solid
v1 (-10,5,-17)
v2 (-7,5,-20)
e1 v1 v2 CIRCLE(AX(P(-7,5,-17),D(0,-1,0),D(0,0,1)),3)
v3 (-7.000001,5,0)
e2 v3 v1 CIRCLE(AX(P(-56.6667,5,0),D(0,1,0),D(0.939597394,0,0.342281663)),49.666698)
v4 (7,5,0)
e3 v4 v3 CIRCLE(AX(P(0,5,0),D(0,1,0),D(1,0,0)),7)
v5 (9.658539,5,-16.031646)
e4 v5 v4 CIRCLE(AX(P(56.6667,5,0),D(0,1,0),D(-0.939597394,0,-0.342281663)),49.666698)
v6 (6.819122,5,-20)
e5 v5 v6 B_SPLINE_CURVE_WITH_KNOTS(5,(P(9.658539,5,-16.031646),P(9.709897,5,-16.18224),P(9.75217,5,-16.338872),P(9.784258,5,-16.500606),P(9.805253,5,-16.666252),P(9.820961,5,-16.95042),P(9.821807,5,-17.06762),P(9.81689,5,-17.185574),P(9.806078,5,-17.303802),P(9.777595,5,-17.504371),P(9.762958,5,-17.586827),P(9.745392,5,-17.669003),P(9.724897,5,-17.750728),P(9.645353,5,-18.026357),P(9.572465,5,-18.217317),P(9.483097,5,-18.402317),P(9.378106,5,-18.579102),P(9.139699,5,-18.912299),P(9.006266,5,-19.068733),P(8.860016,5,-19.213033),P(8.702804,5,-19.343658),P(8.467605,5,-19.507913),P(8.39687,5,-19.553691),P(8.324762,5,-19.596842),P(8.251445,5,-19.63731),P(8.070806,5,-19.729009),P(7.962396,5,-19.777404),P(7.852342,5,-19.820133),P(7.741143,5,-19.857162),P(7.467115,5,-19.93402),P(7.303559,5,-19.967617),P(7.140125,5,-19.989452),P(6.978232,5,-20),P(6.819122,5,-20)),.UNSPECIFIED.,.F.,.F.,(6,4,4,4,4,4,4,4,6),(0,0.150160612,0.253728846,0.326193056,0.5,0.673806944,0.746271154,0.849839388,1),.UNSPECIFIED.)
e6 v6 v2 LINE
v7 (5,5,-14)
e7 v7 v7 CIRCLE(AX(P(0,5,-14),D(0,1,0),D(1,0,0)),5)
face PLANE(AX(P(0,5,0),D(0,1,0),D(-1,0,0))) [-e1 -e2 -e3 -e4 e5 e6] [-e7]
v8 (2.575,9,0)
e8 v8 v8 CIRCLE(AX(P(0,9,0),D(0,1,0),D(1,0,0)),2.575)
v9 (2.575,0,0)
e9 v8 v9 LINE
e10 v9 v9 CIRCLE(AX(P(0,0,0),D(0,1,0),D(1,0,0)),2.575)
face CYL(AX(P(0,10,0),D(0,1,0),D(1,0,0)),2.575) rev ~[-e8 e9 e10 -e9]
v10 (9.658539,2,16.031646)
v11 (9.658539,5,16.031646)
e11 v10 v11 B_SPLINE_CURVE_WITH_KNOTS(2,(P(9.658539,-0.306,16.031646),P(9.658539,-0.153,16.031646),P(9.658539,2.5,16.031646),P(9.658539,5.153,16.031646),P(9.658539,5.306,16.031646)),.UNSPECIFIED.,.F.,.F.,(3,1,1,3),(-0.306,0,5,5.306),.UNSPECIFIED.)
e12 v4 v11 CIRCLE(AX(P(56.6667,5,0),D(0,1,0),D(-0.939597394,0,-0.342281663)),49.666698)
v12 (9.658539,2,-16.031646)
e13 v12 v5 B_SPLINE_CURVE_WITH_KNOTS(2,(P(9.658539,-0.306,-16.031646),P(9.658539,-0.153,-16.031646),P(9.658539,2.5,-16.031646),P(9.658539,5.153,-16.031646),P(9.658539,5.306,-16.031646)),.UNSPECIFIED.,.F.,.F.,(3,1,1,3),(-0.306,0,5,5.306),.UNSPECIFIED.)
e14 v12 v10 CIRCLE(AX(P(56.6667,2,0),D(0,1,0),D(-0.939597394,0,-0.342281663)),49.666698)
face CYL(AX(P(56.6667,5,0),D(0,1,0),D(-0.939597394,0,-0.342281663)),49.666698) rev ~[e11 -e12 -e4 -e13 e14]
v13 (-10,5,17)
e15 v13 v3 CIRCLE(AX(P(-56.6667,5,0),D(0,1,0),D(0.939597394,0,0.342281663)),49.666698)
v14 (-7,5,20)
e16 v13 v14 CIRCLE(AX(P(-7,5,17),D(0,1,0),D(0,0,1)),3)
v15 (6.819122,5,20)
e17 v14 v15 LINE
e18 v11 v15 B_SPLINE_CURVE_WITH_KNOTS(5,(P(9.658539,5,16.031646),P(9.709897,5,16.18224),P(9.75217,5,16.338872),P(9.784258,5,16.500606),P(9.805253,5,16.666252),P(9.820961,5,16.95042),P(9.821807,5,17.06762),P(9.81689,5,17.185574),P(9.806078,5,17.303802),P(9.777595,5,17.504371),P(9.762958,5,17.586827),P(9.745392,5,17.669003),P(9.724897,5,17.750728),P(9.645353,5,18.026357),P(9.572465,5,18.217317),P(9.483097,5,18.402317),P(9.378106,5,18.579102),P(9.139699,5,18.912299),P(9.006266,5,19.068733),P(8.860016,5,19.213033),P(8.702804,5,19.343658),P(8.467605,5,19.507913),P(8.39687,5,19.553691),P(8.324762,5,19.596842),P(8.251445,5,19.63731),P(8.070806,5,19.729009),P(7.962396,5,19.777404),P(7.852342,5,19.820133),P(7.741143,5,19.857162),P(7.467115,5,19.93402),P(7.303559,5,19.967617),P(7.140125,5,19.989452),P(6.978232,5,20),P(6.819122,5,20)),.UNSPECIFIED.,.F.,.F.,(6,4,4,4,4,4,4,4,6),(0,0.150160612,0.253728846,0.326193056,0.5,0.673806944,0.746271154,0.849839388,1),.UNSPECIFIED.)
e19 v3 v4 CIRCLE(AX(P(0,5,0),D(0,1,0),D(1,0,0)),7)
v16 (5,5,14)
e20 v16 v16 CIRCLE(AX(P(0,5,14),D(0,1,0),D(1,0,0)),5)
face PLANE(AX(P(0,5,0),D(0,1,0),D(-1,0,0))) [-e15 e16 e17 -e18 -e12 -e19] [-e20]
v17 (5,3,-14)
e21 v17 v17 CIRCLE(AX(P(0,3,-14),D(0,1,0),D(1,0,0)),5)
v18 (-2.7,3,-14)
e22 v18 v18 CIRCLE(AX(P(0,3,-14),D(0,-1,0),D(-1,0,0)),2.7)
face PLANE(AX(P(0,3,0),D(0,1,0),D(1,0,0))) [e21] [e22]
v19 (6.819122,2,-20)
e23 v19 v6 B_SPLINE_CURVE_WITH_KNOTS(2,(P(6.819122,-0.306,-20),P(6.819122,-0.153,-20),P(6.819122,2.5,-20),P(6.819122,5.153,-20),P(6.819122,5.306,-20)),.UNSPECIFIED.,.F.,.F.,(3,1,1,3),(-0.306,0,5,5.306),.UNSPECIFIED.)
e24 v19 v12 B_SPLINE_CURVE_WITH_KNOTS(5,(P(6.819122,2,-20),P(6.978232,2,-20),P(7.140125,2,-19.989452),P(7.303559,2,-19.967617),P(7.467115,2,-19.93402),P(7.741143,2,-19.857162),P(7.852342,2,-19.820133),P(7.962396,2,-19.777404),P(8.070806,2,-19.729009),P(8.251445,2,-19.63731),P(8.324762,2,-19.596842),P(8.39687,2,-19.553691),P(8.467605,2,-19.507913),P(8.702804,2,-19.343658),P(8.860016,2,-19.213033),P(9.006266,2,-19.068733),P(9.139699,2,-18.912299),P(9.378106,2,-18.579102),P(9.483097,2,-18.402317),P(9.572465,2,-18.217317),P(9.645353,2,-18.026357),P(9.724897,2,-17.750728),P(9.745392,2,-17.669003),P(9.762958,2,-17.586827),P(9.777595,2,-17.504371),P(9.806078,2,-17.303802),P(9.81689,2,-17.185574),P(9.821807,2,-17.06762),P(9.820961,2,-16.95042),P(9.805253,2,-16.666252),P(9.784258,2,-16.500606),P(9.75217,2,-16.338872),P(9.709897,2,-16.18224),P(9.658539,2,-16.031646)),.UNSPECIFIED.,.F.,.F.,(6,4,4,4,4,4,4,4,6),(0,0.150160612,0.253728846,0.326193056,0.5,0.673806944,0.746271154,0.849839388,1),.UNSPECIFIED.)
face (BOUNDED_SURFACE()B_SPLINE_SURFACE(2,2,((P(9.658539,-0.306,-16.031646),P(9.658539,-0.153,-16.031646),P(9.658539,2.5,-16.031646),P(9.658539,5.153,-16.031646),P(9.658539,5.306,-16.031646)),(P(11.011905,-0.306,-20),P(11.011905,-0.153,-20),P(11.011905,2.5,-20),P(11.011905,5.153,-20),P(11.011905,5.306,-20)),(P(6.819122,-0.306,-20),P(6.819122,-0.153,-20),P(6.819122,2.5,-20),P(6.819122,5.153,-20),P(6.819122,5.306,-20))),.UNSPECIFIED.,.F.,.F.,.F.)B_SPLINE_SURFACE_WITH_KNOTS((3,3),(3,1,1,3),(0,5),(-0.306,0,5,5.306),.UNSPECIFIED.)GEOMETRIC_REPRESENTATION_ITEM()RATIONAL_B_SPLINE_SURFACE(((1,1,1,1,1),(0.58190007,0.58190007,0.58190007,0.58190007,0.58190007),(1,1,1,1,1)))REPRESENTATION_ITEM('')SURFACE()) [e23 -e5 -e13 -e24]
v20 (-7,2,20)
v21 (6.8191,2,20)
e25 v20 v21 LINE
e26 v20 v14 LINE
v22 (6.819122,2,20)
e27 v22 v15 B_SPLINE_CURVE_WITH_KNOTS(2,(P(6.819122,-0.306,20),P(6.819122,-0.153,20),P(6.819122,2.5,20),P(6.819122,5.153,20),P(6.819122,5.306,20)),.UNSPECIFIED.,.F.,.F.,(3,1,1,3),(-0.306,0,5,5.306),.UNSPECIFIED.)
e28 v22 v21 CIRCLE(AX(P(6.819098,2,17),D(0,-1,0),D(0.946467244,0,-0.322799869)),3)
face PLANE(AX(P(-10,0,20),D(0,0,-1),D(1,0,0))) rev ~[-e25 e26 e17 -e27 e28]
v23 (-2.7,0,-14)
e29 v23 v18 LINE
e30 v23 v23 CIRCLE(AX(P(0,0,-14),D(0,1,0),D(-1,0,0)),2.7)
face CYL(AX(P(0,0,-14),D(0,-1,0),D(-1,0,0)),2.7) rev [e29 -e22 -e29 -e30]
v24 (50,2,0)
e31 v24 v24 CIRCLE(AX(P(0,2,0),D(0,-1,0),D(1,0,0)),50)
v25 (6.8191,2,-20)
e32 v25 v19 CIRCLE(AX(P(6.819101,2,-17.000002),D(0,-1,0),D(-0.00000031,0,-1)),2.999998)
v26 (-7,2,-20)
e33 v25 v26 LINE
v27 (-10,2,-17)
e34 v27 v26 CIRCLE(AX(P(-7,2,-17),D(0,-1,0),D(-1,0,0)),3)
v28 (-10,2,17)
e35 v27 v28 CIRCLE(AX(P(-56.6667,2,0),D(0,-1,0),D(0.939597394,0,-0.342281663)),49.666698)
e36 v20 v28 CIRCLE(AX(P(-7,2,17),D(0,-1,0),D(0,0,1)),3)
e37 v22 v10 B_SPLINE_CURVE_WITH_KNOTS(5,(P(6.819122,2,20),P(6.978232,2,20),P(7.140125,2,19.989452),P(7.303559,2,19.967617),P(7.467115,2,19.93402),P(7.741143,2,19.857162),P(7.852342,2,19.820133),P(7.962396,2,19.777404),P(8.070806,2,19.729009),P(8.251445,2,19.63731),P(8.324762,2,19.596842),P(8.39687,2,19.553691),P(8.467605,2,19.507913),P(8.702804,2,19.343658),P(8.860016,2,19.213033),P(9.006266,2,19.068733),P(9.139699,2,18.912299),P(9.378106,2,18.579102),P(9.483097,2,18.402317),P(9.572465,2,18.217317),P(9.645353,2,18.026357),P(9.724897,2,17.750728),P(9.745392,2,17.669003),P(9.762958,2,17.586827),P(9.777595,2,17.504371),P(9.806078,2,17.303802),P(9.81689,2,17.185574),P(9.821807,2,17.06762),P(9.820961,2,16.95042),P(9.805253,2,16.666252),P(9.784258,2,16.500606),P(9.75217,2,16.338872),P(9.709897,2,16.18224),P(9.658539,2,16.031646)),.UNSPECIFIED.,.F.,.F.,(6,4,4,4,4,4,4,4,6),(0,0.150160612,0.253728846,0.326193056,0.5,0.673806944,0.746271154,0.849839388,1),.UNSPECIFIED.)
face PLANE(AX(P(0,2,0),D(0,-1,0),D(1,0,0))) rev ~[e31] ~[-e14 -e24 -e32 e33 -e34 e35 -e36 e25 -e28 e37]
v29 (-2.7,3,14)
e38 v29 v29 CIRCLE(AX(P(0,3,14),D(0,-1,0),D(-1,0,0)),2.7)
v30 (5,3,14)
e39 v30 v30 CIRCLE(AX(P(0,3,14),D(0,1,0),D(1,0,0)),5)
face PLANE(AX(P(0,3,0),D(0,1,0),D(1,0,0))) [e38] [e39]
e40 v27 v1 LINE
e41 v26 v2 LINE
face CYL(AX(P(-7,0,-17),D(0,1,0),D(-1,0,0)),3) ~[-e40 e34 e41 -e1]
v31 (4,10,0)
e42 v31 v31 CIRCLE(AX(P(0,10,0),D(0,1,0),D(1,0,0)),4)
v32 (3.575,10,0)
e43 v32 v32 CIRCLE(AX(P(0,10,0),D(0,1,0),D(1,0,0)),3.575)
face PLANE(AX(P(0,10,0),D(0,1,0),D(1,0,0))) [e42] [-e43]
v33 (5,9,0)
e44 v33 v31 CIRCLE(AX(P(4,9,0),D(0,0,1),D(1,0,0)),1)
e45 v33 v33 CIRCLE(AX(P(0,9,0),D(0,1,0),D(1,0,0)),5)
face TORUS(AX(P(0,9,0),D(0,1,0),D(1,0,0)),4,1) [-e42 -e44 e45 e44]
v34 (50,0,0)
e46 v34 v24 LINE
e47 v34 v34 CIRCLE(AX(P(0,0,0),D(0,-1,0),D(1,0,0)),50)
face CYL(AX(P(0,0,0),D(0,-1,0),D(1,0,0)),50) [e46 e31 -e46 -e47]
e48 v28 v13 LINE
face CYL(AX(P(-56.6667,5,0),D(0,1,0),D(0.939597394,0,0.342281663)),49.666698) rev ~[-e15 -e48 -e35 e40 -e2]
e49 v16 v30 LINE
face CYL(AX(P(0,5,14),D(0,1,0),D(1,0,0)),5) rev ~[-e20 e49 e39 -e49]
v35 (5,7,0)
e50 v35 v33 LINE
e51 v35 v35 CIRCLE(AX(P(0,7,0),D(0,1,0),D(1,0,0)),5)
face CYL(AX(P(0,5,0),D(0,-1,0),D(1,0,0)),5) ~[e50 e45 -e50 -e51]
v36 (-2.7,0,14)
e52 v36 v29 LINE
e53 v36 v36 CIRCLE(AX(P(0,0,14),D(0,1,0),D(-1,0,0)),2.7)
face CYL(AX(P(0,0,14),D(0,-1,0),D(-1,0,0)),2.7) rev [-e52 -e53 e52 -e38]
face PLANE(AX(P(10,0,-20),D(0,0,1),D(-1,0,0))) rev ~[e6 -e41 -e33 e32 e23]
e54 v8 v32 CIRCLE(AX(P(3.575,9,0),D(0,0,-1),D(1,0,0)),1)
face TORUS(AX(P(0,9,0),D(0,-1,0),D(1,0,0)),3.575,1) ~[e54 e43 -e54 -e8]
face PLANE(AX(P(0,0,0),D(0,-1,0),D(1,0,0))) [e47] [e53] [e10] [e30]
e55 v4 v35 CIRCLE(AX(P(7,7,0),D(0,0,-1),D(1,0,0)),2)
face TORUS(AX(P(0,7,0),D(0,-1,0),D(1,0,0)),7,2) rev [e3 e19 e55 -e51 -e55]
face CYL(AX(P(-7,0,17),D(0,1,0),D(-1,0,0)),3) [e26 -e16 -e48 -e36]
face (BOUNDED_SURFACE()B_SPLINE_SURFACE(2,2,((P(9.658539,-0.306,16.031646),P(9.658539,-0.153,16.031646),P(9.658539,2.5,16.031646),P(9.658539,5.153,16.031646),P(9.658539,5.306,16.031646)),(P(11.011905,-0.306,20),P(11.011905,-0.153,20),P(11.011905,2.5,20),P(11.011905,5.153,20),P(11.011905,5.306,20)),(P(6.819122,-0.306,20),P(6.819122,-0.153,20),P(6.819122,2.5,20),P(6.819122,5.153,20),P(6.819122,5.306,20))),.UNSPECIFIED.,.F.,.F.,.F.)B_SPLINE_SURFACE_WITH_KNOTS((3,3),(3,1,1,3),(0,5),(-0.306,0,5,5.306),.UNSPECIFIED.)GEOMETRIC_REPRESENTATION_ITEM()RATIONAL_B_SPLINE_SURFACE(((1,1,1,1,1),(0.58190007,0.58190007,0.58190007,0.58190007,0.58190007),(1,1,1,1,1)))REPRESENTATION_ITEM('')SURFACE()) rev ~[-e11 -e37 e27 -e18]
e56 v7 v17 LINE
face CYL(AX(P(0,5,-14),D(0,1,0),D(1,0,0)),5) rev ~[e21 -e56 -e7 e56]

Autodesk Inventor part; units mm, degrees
ref_plane "YZ Plane" through (0, 0, 0) normal (1, 0, 0) x (0, 1, 0)
ref_plane "XZ Plane" through (0, 0, 0) normal (0, 1, 0) x (-1, 0, 0)
ref_plane "XY Plane" through (0, 0, 0) normal (0, 0, 1) x (1, 0, 0)
sketch "Boceto1" plane through (0, 0, 0) normal (0, 1, 0) x (-1, 0, 0)
  circle A0 centre (0, 0) radius 2.7
  line L0 (10, 20) -> (-10, 20)
  line L1 (-10, 20) -> (-10, -20)
  line L2 (-10, -20) -> (10, -20)
  line L3 (10, -20) -> (10, 20)
  line L4 (10, 20) -> (-10, -20) construction
  line L5 (-10, 20) -> (10, -20) construction
  circle A1 centre (0, 14) radius 2.7
  circle A2 centre (0, -14) radius 2.7
  dimension "d0" = 5.4
  dimension "d1" = 20
  dimension "d2" = 40
  dimension "d3" = 6
  dimension "d4" = 6
extrude "Extrusión1" add sketch "Boceto1" along normal blind 5
sketch "Boceto2" plane through (0, 5, 0) normal (0, 1, 0) x (1, 0, 0)
  circle A0 centre (0, 0) radius 2.7 projected
  circle A1 centre (0, 0) radius 2.7 projected
  circle A2 centre (0, 0) radius 5
  dimension "d21" = 2
  dimension "d22" = 0
  dimension "d7" = 10
extrude "Extrusión2" add sketch "Boceto2" along normal blind 5
sketch "Boceto3" plane through (0, 10, 0) normal (0, 1, 0) x (1, 0, 0)
  circle A0 centre (0, 0) radius 2.575
  circle A1 centre (0, 0) radius 2.7 projected
  dimension "d10" = 5.15
extrude "Extrusión3" add sketch "Boceto3" against normal up to surface (10 mm away)
fillet "Empalme1" radius 3 4 edges at (-10, 2.5, -20) (10, 2.5, -20) (10, 2.5, 20) (-10, 2.5, 20)
fillet "Empalme2" radius 2 1 edges at (-5, 5, 0)
sketch "Boceto4" plane through (0, 5, 0) normal (0, 1, 0) x (1, 0, 0)
  line L0 (10, -17) -> (10, 17) projected
  arc A0 (10, 17) -> (10, -17) centre (56.6667, 0) ccw
  line L1 (10, -17) -> (10, 17) projected
  line L2 (-10, 17) -> (-10, -17) projected
  arc A1 (-7, 20) -> (-10, 17) centre (-7, 17) ccw projected
  arc A2 (-10, -17) -> (-10, 17) centre (-56.6667, 0) ccw
  line L3 (-10, 17) -> (-10, -17) projected
  point P0 (0, 0)
extrude "Extrusión4" cut sketch "Boceto4" against normal through all
fillet "Empalme3" radius 3 2 edges at (10, 2.5, 17) (10, 2.5, -17)
fillet "Empalme4" radius 1 2 edges at (-5, 10, 0) (-2.575, 10, 0)
sketch "Boceto5" plane through (0, 5, 0) normal (0, 1, 0) x (1, 0, 0)
  circle A0 centre (0, -14) radius 2.7 projected
  circle A1 centre (0, -14) radius 5
  circle A2 centre (0, 14) radius 2.7 projected
  circle A3 centre (0, 14) radius 5
  point P0 (0, 0)
  dimension "d19" = 10
  dimension "d20" = 10
extrude "Extrusión5" cut sketch "Boceto5" against normal blind 2 contours A0 | A1 | A2 | A3
sketch "Boceto7" plane through (0, 0, 0) normal (0, -1, 0) x (1, 0, 0)
  circle A0 centre (0, 0) radius 2.575 projected
  circle A1 centre (0, 0) radius 50
  circle A2 centre (0, -14) radius 2.7 projected
  circle A3 centre (0, 14) radius 2.7 projected
  circle A4 centre (0, 0) radius 2.575 projected
  arc A5 (6.8191, -20) -> (9.6585, -16.0316) centre (6.8191, -17) ccw projected
  arc A6 (9.6585, 16.0316) -> (9.6585, -16.0316) centre (56.6667, 0) ccw projected
  arc A7 (9.6585, 16.0316) -> (6.8191, 20) centre (6.8191, 17) ccw projected
  line L0 (-7, 20) -> (6.8191, 20) projected
  arc A8 (-7, 20) -> (-10, 17) centre (-7, 17) ccw projected
  arc A9 (-10, -17) -> (-10, 17) centre (-56.6667, 0) ccw projected
  arc A10 (-10, -17) -> (-7, -20) centre (-7, -17) ccw projected
  line L1 (6.8191, -20) -> (-7, -20) projected
  dimension "d24" = 100
extrude "Extrusión6" add sketch "Boceto7" against normal blind 2 contours A1
properties part number "plataforma"
